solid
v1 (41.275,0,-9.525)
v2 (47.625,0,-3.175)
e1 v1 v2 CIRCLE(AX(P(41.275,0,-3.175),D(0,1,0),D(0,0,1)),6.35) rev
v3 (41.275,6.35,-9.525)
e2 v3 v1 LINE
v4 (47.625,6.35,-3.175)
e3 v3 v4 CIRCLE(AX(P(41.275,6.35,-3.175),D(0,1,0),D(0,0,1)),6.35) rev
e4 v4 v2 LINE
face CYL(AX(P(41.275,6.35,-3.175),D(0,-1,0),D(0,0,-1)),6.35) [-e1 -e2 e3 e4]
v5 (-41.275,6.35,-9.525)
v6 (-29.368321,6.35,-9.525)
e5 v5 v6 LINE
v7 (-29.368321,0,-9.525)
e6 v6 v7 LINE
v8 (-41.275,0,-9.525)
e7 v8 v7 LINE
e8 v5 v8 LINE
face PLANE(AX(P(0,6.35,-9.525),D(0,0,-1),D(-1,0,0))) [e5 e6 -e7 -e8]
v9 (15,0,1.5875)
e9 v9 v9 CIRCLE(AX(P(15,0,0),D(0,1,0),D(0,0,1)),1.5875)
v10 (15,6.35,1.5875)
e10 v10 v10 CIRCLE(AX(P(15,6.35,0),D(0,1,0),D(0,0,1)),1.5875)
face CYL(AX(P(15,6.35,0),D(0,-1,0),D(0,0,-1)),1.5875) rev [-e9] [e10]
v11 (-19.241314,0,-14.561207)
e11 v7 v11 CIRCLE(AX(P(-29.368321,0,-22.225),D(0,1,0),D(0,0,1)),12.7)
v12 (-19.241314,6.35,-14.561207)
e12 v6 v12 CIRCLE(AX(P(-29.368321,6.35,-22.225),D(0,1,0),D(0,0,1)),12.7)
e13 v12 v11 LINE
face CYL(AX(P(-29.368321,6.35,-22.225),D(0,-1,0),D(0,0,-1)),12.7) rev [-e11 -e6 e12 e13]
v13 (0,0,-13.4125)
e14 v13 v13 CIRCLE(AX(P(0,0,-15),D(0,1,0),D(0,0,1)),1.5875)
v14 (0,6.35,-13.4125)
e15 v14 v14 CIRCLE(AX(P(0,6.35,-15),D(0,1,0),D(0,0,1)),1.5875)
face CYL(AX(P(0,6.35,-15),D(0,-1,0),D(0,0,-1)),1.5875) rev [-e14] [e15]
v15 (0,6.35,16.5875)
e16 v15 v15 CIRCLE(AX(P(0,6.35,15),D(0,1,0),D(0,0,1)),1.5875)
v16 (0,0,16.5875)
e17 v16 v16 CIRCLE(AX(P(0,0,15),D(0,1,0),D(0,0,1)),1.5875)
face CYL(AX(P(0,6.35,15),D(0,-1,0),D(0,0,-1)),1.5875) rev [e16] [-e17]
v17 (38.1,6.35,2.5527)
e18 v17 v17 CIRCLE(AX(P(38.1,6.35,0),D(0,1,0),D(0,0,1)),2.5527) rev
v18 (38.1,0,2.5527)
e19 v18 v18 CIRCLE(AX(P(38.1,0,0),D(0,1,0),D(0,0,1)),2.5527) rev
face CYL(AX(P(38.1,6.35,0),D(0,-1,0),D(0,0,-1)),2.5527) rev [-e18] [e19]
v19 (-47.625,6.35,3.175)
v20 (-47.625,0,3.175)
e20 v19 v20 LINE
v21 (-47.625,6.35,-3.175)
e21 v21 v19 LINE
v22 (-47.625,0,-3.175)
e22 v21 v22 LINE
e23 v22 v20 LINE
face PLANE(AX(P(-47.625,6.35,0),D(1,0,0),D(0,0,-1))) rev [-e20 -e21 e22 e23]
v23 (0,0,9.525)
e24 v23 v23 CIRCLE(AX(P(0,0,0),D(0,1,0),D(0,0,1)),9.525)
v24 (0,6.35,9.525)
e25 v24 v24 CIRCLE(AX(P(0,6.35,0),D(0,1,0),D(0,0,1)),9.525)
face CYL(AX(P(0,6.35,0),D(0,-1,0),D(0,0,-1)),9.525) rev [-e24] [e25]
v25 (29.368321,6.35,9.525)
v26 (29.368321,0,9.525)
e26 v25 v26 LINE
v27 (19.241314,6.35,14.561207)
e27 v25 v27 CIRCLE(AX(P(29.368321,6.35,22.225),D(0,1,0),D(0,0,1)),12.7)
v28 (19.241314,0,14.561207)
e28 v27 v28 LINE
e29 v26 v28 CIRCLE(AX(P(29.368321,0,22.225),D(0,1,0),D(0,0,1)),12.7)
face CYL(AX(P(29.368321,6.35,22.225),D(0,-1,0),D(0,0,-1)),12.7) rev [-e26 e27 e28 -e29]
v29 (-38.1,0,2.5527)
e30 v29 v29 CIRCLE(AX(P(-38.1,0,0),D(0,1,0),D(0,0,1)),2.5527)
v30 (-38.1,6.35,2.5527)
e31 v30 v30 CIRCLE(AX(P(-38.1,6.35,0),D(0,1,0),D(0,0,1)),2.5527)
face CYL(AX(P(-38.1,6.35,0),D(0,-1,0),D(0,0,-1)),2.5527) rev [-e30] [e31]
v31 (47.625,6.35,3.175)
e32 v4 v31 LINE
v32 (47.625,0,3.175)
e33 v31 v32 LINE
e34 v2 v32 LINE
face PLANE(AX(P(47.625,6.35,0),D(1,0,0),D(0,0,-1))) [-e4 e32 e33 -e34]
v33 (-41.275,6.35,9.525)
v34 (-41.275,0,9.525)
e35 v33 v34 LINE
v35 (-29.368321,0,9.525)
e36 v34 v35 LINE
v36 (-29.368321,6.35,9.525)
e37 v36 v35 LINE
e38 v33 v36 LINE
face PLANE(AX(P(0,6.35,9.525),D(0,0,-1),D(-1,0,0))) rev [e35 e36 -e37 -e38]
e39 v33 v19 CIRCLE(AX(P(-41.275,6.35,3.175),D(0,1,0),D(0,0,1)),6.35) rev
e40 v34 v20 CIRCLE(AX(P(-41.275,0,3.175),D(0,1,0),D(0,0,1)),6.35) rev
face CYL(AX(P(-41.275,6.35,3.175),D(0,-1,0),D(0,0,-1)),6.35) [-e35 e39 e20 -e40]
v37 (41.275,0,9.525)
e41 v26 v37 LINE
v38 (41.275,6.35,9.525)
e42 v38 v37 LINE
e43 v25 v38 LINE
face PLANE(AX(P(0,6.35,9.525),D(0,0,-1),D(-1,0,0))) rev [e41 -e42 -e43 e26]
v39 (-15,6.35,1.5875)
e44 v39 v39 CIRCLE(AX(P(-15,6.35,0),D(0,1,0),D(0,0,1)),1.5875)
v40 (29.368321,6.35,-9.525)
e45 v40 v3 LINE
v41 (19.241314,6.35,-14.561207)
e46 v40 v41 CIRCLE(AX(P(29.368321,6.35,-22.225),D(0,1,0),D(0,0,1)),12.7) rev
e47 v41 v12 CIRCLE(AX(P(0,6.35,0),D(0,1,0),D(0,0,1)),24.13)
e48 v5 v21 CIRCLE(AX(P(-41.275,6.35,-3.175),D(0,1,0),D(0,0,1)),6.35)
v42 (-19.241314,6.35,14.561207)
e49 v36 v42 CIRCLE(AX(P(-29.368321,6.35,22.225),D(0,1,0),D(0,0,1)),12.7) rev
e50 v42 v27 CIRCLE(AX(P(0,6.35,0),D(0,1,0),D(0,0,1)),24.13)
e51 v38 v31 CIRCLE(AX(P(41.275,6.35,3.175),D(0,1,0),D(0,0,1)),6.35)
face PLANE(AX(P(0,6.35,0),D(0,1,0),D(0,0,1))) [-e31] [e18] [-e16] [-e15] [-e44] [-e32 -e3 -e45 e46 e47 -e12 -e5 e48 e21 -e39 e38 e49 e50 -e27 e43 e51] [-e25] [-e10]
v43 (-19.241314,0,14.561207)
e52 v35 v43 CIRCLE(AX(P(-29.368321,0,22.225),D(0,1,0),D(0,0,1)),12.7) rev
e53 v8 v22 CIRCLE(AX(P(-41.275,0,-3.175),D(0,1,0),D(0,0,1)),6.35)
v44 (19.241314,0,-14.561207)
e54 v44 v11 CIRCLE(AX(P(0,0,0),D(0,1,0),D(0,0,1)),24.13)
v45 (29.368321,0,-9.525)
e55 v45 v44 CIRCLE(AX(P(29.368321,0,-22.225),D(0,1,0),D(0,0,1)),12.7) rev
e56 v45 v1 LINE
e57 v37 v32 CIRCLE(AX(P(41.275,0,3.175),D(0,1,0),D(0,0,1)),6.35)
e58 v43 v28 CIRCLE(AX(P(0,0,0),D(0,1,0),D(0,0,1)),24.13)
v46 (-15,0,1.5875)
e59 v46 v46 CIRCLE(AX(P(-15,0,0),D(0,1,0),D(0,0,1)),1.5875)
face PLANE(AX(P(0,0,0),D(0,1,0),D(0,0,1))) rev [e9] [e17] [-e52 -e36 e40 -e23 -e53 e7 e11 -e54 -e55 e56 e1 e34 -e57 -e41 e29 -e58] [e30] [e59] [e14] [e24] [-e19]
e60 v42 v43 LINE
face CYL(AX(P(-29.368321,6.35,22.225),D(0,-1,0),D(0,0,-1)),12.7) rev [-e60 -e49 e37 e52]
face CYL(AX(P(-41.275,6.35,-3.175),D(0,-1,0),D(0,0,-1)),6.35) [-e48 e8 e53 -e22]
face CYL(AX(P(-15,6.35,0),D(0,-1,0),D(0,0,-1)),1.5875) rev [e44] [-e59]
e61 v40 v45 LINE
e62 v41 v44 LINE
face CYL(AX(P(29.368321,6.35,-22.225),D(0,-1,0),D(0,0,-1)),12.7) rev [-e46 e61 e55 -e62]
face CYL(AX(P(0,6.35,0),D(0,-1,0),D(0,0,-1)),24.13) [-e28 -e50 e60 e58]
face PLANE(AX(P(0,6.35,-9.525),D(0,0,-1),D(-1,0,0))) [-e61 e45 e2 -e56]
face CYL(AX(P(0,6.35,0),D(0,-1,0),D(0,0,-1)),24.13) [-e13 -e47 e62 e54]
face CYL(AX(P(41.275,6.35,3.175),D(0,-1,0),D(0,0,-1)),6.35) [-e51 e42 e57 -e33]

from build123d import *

# Parameters (mm, degrees)
SKETCH1_R           = 1.5875
SKETCH1_R_2         = 2.5527
BOSS_EXTRUDE2_DEPTH = 6.35


with BuildPart() as part:
    # Sketch1 → Boss-Extrude2 (new body)
    # profile 1 of 10: a face of its own
    with BuildSketch(Plane(origin=(0, 0, 0), x_dir=(1, 0, 0), z_dir=(0, 1, 0))):
        with BuildLine():
            Line((-4.5e-08, 9.525), (-22.170504618, 9.525))
            ThreePointArc((-22.170504618, 9.525), (-24.13, 0), (-22.170504618, -9.525))
            Line((-22.170504618, -9.525), (4.2e-08, -9.525))
            ThreePointArc((4.2e-08, -9.525), (-9.525, -4.4e-08), (-4.5e-08, 9.525))
        make_face()
        with Locations(Location((-15, 0, 0), (0, 0, 270))):
            Circle(SKETCH1_R, mode=Mode.SUBTRACT)
    # profile 2 of 10: a face of its own
    with BuildSketch(Plane(origin=(0, 0, 0), x_dir=(1, 0, 0), z_dir=(0, 1, 0))):
        with BuildLine():
            Line((22.170504618, 9.525), (-4.5e-08, 9.525))
            ThreePointArc((-4.5e-08, 9.525), (6.735192075, 6.735192107), (9.525, 0))
            ThreePointArc((9.525, 0), (6.735192106, -6.735192076), (4.2e-08, -9.525))
            Line((4.2e-08, -9.525), (22.170504618, -9.525))
            ThreePointArc((22.170504618, -9.525), (23.635049994, -4.86223321), (24.13, 0))
            ThreePointArc((24.13, 0), (23.635049994, 4.86223321), (22.170504618, 9.525))
        make_face()
        with Locations(Location((15, 0, 0), (0, 0, 270))):
            Circle(SKETCH1_R, mode=Mode.SUBTRACT)
    # profile 3 of 10: a face of its own
    with BuildSketch(Plane(origin=(0, 0, 0), x_dir=(1, 0, 0), z_dir=(0, 1, 0))):
        with BuildLine():
            Line((4.2e-08, -9.525), (-22.170504618, -9.525))
            ThreePointArc((-22.170504618, -9.525), (-20.858463978, -12.131833353), (-19.241313721, -14.561206897))
            ThreePointArc((-19.241313721, -14.561206897), (0, -24.13), (19.241313721, -14.561206897))
            ThreePointArc((19.241313721, -14.561206897), (20.858463978, -12.131833353), (22.170504618, -9.525))
            Line((22.170504618, -9.525), (4.2e-08, -9.525))
        make_face()
        with Locations(Location((0, -15, 0), (0, 0, 270))):
            Circle(SKETCH1_R, mode=Mode.SUBTRACT)
    # profile 4 of 10: a face of its own
    with BuildSketch(Plane(origin=(0, 0, 0), x_dir=(1, 0, 0), z_dir=(0, 1, 0))):
        with BuildLine():
            ThreePointArc((-19.241313721, 14.561206897), (-20.858463978, 12.131833353), (-22.170504618, 9.525))
            Line((-22.170504618, 9.525), (-4.5e-08, 9.525))
            Line((-4.5e-08, 9.525), (22.170504618, 9.525))
            ThreePointArc((22.170504618, 9.525), (20.858463978, 12.131833353), (19.241313721, 14.561206897))
            ThreePointArc((19.241313721, 14.561206897), (0, 24.13), (-19.241313721, 14.561206897))
        make_face()
        with Locations(Location((0, 15, 0), (0, 0, 270))):
            Circle(SKETCH1_R, mode=Mode.SUBTRACT)
    # profile 5 of 10: a face of its own
    with BuildSketch(Plane(origin=(0, 0, 0), x_dir=(1, 0, 0), z_dir=(0, 1, 0))):
        with BuildLine():
            Line((-29.368320943, 9.525), (-41.275, 9.525))
            ThreePointArc((-41.275, 9.525), (-45.765128061, 7.665128061), (-47.625, 3.175))
            Line((-47.625, 3.175), (-47.625, -3.175))
            ThreePointArc((-47.625, -3.175), (-45.765128061, -7.665128061), (-41.275, -9.525))
            Line((-41.275, -9.525), (-29.368320943, -9.525))
            Line((-29.368320943, -9.525), (-22.170504618, -9.525))
            ThreePointArc((-22.170504618, -9.525), (-24.13, 0), (-22.170504618, 9.525))
            Line((-22.170504618, 9.525), (-29.368320943, 9.525))
        make_face()
        with Locations(Location((-38.1, 0, 0), (0, 0, 270))):
            Circle(SKETCH1_R_2, mode=Mode.SUBTRACT)
    # profile 6 of 10: a face of its own
    with BuildSketch(Plane(origin=(0, 0, 0), x_dir=(1, 0, 0), z_dir=(0, 1, 0))):
        with BuildLine():
            Line((29.368320943, 9.525), (22.170504618, 9.525))
            ThreePointArc((22.170504618, 9.525), (23.635049994, 4.86223321), (24.13, 0))
            ThreePointArc((24.13, 0), (23.635049994, -4.86223321), (22.170504618, -9.525))
            Line((22.170504618, -9.525), (29.368320943, -9.525))
            Line((29.368320943, -9.525), (41.275, -9.525))
            ThreePointArc((41.275, -9.525), (45.765128061, -7.665128061), (47.625, -3.175))
            Line((47.625, -3.175), (47.625, 3.175))
            ThreePointArc((47.625, 3.175), (45.765128061, 7.665128061), (41.275, 9.525))
            Line((41.275, 9.525), (29.368320943, 9.525))
        make_face()
        with Locations(Location((38.1, 0, 0), (0, 0, 270))):
            Circle(SKETCH1_R_2, mode=Mode.SUBTRACT)
    # profile 7 of 10: a face of its own
    with BuildSketch(Plane(origin=(0, 0, 0), x_dir=(1, 0, 0), z_dir=(0, 1, 0))):
        with BuildLine():
            ThreePointArc((-19.241313721, 14.561206897), (-23.713242359, 10.853540718), (-29.368320943, 9.525))
            Line((-29.368320943, 9.525), (-22.170504618, 9.525))
            ThreePointArc((-22.170504618, 9.525), (-20.858463978, 12.131833353), (-19.241313721, 14.561206897))
        make_face()
    # profile 8 of 10: a face of its own
    with BuildSketch(Plane(origin=(0, 0, 0), x_dir=(1, 0, 0), z_dir=(0, 1, 0))):
        with BuildLine():
            ThreePointArc((-19.241313721, -14.561206897), (-20.858463978, -12.131833353), (-22.170504618, -9.525))
            Line((-22.170504618, -9.525), (-29.368320943, -9.525))
            ThreePointArc((-29.368320943, -9.525), (-23.713242359, -10.853540718), (-19.241313721, -14.561206897))
        make_face()
    # profile 9 of 10: a face of its own
    with BuildSketch(Plane(origin=(0, 0, 0), x_dir=(1, 0, 0), z_dir=(0, 1, 0))):
        with BuildLine():
            ThreePointArc((29.368320943, 9.525), (23.713242359, 10.853540718), (19.241313721, 14.561206897))
            ThreePointArc((19.241313721, 14.561206897), (20.858463978, 12.131833353), (22.170504618, 9.525))
            Line((22.170504618, 9.525), (29.368320943, 9.525))
        make_face()
    # profile 10 of 10: a face of its own
    with BuildSketch(Plane(origin=(0, 0, 0), x_dir=(1, 0, 0), z_dir=(0, 1, 0))):
        with BuildLine():
            Line((29.368320943, -9.525), (22.170504618, -9.525))
            ThreePointArc((22.170504618, -9.525), (20.858463978, -12.131833353), (19.241313721, -14.561206897))
            ThreePointArc((19.241313721, -14.561206897), (23.713242359, -10.853540718), (29.368320943, -9.525))
        make_face()
    extrude(amount=BOSS_EXTRUDE2_DEPTH)


solid = part.part
